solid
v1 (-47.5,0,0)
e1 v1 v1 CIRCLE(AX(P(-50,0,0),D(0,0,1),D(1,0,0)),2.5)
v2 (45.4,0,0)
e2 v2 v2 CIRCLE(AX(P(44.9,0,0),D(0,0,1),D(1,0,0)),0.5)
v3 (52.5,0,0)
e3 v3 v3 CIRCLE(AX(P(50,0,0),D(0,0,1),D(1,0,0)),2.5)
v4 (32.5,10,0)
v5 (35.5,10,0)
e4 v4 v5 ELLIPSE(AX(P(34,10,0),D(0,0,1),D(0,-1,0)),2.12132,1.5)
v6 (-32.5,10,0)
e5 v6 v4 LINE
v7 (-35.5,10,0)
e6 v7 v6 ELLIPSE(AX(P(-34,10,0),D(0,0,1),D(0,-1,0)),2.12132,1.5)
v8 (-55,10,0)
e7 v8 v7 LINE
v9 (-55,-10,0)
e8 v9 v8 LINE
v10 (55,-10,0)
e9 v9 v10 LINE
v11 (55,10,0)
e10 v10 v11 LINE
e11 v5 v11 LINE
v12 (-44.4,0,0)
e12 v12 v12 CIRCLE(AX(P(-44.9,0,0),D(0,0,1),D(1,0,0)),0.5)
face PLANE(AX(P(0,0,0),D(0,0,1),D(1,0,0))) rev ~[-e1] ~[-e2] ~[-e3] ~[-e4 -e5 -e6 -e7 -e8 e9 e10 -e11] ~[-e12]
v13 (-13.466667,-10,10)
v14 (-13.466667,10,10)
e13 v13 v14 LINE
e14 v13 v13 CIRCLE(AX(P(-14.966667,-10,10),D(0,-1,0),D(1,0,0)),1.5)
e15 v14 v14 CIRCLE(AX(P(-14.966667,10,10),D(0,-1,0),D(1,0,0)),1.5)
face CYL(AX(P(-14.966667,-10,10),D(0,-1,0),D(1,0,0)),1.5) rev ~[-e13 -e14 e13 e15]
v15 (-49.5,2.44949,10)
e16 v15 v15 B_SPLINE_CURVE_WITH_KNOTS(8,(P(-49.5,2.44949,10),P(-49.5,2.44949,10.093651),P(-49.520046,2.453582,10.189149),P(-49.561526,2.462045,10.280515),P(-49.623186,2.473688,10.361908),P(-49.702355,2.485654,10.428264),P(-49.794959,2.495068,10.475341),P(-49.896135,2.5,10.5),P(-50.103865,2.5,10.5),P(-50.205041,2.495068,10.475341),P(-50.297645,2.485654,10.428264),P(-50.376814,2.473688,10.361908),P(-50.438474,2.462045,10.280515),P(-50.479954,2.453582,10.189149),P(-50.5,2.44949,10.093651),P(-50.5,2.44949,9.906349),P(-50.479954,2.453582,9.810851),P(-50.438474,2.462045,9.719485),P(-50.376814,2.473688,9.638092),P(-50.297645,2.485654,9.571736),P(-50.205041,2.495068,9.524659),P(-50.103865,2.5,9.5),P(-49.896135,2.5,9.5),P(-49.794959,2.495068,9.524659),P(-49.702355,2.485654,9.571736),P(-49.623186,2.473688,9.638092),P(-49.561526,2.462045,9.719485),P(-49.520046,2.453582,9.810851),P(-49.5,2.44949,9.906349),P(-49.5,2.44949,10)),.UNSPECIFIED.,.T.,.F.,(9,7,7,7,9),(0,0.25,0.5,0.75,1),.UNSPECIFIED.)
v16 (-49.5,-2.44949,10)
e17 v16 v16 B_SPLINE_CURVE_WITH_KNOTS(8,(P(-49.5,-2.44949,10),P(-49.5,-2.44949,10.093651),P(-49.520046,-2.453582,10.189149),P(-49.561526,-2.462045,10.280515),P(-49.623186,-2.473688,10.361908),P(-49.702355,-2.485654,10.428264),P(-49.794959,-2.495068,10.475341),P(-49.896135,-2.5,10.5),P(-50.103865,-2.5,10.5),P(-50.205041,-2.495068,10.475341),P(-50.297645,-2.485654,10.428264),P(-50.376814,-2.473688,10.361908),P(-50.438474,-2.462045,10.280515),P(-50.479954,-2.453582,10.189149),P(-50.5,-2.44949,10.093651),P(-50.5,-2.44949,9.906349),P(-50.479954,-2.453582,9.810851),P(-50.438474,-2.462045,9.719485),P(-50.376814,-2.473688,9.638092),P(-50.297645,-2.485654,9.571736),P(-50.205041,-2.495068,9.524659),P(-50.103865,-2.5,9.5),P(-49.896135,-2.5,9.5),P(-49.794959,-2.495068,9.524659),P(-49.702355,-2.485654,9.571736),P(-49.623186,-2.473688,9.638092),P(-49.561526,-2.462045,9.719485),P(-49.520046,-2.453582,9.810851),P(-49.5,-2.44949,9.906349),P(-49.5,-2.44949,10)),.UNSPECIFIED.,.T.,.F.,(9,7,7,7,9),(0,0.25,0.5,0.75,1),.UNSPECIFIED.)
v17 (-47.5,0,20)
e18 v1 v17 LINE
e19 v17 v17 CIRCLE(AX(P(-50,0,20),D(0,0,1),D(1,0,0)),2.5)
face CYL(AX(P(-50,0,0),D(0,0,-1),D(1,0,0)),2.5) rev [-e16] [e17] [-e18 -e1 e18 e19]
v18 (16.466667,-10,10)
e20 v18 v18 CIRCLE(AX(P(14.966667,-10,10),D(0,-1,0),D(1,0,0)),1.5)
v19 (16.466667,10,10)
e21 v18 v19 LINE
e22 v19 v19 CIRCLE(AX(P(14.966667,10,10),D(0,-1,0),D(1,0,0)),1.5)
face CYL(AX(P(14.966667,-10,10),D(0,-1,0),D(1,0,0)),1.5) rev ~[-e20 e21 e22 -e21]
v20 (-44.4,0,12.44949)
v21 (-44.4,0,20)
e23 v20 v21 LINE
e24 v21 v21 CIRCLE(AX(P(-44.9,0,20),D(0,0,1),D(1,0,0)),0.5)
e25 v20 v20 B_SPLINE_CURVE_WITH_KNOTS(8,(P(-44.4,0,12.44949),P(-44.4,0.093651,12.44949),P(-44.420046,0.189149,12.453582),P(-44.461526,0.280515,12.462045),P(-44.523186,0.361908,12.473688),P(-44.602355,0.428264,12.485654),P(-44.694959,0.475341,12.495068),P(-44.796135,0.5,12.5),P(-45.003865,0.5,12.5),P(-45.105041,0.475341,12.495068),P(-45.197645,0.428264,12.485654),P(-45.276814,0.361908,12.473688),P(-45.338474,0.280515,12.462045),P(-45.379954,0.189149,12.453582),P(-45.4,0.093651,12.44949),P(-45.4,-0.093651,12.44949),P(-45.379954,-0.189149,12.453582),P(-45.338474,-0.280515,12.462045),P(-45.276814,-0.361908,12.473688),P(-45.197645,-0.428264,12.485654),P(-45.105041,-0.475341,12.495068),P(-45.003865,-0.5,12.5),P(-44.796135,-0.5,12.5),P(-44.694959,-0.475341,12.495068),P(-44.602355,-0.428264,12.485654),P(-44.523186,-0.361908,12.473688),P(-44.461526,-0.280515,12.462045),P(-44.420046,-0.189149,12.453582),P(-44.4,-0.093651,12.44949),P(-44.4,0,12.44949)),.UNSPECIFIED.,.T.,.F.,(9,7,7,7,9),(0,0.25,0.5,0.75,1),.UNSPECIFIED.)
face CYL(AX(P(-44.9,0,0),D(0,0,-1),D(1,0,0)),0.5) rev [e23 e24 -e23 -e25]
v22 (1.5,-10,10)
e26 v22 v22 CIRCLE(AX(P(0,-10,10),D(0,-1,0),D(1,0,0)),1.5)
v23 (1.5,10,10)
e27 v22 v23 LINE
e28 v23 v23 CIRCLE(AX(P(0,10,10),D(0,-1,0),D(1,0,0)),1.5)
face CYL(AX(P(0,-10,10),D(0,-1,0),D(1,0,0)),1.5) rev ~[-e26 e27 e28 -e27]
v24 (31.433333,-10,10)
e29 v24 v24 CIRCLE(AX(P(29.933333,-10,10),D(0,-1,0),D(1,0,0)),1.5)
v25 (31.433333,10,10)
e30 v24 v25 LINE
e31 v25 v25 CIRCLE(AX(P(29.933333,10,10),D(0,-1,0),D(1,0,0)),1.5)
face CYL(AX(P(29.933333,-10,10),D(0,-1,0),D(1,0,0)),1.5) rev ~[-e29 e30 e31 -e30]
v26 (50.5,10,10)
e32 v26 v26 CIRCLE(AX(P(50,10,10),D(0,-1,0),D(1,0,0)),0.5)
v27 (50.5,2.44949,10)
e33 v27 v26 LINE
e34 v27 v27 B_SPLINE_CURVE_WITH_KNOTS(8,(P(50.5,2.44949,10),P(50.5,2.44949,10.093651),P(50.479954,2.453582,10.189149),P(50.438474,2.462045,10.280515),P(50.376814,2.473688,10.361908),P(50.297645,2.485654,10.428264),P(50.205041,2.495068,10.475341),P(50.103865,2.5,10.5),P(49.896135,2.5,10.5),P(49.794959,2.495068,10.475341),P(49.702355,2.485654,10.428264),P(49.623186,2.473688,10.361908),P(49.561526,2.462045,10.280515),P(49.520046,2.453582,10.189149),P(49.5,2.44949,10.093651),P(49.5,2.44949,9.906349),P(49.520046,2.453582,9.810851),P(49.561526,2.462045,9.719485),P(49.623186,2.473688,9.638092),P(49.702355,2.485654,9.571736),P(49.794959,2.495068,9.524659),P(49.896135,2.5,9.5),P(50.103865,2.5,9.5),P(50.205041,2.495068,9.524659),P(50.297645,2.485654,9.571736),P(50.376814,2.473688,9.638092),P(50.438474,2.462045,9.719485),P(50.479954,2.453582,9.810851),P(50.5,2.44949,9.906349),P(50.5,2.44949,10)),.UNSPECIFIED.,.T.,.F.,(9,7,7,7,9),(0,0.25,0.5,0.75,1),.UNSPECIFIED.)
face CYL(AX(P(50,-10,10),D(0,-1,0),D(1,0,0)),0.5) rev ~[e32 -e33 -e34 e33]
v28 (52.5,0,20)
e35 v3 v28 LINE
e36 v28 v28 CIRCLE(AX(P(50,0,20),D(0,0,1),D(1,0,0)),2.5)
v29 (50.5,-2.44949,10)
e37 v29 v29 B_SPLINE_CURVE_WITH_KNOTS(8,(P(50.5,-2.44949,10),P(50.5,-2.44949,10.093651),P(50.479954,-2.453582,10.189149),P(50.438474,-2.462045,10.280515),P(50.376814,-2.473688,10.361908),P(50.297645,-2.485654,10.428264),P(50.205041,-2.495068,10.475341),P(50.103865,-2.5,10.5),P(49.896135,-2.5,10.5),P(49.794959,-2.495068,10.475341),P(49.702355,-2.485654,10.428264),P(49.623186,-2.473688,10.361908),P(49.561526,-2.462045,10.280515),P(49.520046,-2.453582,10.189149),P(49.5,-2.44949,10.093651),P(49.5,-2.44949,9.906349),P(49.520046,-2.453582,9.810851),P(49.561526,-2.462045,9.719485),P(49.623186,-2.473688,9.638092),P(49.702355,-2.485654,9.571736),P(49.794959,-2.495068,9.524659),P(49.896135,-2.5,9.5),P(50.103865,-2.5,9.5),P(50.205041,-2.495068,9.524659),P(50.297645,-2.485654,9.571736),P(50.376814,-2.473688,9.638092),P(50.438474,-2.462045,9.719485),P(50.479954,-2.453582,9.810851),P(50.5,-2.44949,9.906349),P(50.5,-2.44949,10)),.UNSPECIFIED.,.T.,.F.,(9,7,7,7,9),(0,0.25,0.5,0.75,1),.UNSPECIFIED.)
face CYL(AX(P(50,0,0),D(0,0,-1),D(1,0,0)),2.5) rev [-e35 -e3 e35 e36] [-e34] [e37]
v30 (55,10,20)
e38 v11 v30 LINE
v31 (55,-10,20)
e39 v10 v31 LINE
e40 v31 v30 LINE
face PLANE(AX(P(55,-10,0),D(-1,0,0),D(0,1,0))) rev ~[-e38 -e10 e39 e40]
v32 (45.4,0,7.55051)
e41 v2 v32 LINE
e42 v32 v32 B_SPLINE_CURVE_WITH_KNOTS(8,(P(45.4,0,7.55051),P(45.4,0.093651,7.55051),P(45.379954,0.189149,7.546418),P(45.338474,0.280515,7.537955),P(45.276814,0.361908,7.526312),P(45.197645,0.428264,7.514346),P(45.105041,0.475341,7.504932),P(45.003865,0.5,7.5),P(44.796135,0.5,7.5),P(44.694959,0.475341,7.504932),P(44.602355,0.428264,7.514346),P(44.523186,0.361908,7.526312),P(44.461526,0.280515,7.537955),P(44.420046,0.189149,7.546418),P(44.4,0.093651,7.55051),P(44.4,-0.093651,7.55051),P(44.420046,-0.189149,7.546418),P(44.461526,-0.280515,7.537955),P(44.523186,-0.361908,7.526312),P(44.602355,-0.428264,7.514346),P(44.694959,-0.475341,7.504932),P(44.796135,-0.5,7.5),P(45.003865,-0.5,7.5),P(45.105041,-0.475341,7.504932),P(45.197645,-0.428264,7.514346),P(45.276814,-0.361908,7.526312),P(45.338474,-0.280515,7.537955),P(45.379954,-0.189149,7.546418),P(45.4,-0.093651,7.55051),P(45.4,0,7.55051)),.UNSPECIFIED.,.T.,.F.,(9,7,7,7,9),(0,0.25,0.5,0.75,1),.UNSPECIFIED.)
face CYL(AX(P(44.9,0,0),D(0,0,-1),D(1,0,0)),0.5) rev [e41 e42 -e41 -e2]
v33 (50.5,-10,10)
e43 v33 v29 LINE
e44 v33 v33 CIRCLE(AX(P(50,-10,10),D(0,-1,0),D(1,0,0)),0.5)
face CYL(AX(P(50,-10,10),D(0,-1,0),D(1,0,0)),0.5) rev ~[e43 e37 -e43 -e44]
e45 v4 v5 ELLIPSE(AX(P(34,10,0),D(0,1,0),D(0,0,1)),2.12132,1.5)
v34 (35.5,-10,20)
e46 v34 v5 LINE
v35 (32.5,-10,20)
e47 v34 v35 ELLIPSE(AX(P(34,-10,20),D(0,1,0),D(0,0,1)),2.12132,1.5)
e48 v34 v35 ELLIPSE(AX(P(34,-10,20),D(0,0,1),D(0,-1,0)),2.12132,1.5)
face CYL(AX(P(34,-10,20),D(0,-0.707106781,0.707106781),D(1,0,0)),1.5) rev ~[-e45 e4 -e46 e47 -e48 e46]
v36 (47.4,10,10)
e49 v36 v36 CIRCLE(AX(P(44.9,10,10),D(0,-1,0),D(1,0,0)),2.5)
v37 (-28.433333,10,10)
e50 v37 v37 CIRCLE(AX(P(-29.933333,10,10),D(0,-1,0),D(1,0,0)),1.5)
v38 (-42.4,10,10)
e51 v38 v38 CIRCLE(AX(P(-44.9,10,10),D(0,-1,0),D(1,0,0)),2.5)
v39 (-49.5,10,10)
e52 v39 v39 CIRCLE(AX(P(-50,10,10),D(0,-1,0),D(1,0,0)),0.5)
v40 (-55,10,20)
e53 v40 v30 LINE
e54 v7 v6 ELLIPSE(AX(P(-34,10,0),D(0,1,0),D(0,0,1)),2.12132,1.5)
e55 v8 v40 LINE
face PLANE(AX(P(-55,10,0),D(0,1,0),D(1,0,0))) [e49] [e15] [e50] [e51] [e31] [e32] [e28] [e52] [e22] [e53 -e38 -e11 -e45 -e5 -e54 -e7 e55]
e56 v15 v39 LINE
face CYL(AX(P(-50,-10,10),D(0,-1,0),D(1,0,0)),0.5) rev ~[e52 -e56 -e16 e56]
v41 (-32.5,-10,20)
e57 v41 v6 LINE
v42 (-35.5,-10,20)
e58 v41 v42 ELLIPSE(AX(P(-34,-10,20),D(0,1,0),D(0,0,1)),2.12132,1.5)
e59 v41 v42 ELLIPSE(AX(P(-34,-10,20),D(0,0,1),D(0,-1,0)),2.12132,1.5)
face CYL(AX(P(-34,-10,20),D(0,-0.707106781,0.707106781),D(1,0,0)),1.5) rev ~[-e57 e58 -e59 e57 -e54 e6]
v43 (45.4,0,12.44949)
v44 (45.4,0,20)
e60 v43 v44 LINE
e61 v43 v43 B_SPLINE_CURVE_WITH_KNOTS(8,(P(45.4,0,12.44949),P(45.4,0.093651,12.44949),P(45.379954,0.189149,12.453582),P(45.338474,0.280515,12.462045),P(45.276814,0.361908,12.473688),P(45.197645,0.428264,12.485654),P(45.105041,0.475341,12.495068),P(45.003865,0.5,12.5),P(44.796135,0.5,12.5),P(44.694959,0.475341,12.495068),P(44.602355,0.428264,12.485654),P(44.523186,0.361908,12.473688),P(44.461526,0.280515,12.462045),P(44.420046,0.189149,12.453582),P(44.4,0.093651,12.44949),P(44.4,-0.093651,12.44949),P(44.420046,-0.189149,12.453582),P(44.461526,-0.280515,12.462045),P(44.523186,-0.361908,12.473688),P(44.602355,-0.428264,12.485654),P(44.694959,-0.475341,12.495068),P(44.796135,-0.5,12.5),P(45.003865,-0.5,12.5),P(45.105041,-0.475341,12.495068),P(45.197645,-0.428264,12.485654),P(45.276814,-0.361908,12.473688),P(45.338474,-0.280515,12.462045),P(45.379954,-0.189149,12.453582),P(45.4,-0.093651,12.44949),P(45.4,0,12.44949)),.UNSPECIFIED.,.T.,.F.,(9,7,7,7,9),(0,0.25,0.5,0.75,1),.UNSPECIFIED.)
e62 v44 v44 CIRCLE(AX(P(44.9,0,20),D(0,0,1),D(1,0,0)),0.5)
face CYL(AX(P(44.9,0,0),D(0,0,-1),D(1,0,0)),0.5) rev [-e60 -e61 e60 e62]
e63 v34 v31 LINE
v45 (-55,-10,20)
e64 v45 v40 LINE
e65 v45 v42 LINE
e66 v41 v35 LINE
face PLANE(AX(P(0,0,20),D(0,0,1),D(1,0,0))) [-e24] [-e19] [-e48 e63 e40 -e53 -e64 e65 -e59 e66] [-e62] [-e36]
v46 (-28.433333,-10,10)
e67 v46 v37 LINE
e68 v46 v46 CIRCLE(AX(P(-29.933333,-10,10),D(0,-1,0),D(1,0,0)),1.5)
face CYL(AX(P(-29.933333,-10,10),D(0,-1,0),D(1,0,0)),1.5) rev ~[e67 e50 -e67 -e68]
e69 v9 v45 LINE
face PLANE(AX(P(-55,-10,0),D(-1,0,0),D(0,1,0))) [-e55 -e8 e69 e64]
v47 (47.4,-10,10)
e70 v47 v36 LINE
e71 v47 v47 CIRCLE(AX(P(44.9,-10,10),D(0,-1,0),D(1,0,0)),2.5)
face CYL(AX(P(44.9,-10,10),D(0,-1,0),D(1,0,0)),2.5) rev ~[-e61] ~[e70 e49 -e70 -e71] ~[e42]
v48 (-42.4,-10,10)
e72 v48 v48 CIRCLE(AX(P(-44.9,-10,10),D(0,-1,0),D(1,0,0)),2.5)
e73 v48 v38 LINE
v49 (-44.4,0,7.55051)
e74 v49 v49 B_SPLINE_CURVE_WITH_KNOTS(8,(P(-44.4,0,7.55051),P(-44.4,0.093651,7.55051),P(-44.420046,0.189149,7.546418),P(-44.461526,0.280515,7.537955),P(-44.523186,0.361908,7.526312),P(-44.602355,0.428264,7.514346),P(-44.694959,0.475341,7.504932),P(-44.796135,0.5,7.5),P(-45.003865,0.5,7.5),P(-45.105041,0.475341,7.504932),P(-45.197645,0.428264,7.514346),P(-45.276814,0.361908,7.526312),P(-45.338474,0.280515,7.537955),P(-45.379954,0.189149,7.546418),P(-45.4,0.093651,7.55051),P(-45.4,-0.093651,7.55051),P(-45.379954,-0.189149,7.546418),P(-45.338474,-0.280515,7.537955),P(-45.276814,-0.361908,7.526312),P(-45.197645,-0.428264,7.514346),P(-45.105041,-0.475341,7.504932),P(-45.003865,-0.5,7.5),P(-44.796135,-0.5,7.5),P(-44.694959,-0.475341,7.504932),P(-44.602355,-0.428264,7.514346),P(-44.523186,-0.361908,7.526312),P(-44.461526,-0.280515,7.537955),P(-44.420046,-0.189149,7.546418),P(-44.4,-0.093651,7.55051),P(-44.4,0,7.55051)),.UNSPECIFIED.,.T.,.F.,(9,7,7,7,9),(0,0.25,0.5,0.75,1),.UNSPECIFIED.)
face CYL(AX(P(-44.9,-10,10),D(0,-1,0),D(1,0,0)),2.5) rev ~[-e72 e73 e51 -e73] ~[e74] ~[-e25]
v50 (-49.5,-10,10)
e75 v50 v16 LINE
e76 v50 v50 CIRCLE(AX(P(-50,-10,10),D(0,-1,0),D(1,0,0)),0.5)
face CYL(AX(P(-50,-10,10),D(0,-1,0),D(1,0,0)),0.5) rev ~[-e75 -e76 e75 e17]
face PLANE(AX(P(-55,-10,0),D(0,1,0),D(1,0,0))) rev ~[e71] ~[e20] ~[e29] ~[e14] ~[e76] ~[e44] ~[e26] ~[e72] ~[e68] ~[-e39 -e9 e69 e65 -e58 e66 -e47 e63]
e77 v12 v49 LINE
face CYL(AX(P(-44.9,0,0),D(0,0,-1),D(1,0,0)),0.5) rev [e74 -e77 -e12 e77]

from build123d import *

# Parameters (mm, degrees)
F0_W     = 110
F0_H     = 20
F0_R     = 2.5
F0_R_2   = 0.5
F1_DEPTH = 20
F3_R     = 1.5
F4_DEPTH = 28.285271
F5_R     = 2.5
F5_R_2   = 0.5
F5_R_3   = 1.5
F6_DEPTH = 20.001


with BuildPart() as f1:
    # F0 (on Top) → F1 (new body)
    with BuildSketch(Plane.XY):
        Rectangle(F0_W, F0_H)
        with Locations((-50, 0)):
            Circle(F0_R, mode=Mode.SUBTRACT)
        with Locations((-44.9, 0)):
            Circle(F0_R_2, mode=Mode.SUBTRACT)
        with Locations((44.9, 0)):
            Circle(F0_R_2, mode=Mode.SUBTRACT)
        with Locations((50, 0)):
            Circle(F0_R, mode=Mode.SUBTRACT)
    extrude(amount=F1_DEPTH)

    # F3 (on face) → F4 (cut, through all)
    with BuildSketch(Plane(origin=(0, -15, 15), x_dir=(1, 0, 0), z_dir=(0, -0.707107, 0.707107))):
        with Locations((-34, 7.071068)):
            Circle(F3_R)
        with Locations((34, 7.071068)):
            Circle(F3_R)
    extrude(amount=-F4_DEPTH, mode=Mode.SUBTRACT)

    # F5 (on face) → F6 (cut, through all)
    with BuildSketch(Plane.XZ.offset(10)):
        with Locations((-44.9, 10)):
            Circle(F5_R)
        with Locations((44.9, 10)):
            Circle(F5_R)
        with Locations((-50, 10)):
            Circle(F5_R_2)
        with Locations((-29.933333, 10)):
            Circle(F5_R_3)
        with Locations((-14.966667, 10)):
            Circle(F5_R_3)
        with Locations((0, 10)):
            Circle(F5_R_3)
        with Locations((14.966667, 10)):
            Circle(F5_R_3)
        with Locations((29.933333, 10)):
            Circle(F5_R_3)
        with Locations((50, 10)):
            Circle(F5_R_2)
    extrude(amount=-F6_DEPTH, mode=Mode.SUBTRACT)


solid = f1.part
